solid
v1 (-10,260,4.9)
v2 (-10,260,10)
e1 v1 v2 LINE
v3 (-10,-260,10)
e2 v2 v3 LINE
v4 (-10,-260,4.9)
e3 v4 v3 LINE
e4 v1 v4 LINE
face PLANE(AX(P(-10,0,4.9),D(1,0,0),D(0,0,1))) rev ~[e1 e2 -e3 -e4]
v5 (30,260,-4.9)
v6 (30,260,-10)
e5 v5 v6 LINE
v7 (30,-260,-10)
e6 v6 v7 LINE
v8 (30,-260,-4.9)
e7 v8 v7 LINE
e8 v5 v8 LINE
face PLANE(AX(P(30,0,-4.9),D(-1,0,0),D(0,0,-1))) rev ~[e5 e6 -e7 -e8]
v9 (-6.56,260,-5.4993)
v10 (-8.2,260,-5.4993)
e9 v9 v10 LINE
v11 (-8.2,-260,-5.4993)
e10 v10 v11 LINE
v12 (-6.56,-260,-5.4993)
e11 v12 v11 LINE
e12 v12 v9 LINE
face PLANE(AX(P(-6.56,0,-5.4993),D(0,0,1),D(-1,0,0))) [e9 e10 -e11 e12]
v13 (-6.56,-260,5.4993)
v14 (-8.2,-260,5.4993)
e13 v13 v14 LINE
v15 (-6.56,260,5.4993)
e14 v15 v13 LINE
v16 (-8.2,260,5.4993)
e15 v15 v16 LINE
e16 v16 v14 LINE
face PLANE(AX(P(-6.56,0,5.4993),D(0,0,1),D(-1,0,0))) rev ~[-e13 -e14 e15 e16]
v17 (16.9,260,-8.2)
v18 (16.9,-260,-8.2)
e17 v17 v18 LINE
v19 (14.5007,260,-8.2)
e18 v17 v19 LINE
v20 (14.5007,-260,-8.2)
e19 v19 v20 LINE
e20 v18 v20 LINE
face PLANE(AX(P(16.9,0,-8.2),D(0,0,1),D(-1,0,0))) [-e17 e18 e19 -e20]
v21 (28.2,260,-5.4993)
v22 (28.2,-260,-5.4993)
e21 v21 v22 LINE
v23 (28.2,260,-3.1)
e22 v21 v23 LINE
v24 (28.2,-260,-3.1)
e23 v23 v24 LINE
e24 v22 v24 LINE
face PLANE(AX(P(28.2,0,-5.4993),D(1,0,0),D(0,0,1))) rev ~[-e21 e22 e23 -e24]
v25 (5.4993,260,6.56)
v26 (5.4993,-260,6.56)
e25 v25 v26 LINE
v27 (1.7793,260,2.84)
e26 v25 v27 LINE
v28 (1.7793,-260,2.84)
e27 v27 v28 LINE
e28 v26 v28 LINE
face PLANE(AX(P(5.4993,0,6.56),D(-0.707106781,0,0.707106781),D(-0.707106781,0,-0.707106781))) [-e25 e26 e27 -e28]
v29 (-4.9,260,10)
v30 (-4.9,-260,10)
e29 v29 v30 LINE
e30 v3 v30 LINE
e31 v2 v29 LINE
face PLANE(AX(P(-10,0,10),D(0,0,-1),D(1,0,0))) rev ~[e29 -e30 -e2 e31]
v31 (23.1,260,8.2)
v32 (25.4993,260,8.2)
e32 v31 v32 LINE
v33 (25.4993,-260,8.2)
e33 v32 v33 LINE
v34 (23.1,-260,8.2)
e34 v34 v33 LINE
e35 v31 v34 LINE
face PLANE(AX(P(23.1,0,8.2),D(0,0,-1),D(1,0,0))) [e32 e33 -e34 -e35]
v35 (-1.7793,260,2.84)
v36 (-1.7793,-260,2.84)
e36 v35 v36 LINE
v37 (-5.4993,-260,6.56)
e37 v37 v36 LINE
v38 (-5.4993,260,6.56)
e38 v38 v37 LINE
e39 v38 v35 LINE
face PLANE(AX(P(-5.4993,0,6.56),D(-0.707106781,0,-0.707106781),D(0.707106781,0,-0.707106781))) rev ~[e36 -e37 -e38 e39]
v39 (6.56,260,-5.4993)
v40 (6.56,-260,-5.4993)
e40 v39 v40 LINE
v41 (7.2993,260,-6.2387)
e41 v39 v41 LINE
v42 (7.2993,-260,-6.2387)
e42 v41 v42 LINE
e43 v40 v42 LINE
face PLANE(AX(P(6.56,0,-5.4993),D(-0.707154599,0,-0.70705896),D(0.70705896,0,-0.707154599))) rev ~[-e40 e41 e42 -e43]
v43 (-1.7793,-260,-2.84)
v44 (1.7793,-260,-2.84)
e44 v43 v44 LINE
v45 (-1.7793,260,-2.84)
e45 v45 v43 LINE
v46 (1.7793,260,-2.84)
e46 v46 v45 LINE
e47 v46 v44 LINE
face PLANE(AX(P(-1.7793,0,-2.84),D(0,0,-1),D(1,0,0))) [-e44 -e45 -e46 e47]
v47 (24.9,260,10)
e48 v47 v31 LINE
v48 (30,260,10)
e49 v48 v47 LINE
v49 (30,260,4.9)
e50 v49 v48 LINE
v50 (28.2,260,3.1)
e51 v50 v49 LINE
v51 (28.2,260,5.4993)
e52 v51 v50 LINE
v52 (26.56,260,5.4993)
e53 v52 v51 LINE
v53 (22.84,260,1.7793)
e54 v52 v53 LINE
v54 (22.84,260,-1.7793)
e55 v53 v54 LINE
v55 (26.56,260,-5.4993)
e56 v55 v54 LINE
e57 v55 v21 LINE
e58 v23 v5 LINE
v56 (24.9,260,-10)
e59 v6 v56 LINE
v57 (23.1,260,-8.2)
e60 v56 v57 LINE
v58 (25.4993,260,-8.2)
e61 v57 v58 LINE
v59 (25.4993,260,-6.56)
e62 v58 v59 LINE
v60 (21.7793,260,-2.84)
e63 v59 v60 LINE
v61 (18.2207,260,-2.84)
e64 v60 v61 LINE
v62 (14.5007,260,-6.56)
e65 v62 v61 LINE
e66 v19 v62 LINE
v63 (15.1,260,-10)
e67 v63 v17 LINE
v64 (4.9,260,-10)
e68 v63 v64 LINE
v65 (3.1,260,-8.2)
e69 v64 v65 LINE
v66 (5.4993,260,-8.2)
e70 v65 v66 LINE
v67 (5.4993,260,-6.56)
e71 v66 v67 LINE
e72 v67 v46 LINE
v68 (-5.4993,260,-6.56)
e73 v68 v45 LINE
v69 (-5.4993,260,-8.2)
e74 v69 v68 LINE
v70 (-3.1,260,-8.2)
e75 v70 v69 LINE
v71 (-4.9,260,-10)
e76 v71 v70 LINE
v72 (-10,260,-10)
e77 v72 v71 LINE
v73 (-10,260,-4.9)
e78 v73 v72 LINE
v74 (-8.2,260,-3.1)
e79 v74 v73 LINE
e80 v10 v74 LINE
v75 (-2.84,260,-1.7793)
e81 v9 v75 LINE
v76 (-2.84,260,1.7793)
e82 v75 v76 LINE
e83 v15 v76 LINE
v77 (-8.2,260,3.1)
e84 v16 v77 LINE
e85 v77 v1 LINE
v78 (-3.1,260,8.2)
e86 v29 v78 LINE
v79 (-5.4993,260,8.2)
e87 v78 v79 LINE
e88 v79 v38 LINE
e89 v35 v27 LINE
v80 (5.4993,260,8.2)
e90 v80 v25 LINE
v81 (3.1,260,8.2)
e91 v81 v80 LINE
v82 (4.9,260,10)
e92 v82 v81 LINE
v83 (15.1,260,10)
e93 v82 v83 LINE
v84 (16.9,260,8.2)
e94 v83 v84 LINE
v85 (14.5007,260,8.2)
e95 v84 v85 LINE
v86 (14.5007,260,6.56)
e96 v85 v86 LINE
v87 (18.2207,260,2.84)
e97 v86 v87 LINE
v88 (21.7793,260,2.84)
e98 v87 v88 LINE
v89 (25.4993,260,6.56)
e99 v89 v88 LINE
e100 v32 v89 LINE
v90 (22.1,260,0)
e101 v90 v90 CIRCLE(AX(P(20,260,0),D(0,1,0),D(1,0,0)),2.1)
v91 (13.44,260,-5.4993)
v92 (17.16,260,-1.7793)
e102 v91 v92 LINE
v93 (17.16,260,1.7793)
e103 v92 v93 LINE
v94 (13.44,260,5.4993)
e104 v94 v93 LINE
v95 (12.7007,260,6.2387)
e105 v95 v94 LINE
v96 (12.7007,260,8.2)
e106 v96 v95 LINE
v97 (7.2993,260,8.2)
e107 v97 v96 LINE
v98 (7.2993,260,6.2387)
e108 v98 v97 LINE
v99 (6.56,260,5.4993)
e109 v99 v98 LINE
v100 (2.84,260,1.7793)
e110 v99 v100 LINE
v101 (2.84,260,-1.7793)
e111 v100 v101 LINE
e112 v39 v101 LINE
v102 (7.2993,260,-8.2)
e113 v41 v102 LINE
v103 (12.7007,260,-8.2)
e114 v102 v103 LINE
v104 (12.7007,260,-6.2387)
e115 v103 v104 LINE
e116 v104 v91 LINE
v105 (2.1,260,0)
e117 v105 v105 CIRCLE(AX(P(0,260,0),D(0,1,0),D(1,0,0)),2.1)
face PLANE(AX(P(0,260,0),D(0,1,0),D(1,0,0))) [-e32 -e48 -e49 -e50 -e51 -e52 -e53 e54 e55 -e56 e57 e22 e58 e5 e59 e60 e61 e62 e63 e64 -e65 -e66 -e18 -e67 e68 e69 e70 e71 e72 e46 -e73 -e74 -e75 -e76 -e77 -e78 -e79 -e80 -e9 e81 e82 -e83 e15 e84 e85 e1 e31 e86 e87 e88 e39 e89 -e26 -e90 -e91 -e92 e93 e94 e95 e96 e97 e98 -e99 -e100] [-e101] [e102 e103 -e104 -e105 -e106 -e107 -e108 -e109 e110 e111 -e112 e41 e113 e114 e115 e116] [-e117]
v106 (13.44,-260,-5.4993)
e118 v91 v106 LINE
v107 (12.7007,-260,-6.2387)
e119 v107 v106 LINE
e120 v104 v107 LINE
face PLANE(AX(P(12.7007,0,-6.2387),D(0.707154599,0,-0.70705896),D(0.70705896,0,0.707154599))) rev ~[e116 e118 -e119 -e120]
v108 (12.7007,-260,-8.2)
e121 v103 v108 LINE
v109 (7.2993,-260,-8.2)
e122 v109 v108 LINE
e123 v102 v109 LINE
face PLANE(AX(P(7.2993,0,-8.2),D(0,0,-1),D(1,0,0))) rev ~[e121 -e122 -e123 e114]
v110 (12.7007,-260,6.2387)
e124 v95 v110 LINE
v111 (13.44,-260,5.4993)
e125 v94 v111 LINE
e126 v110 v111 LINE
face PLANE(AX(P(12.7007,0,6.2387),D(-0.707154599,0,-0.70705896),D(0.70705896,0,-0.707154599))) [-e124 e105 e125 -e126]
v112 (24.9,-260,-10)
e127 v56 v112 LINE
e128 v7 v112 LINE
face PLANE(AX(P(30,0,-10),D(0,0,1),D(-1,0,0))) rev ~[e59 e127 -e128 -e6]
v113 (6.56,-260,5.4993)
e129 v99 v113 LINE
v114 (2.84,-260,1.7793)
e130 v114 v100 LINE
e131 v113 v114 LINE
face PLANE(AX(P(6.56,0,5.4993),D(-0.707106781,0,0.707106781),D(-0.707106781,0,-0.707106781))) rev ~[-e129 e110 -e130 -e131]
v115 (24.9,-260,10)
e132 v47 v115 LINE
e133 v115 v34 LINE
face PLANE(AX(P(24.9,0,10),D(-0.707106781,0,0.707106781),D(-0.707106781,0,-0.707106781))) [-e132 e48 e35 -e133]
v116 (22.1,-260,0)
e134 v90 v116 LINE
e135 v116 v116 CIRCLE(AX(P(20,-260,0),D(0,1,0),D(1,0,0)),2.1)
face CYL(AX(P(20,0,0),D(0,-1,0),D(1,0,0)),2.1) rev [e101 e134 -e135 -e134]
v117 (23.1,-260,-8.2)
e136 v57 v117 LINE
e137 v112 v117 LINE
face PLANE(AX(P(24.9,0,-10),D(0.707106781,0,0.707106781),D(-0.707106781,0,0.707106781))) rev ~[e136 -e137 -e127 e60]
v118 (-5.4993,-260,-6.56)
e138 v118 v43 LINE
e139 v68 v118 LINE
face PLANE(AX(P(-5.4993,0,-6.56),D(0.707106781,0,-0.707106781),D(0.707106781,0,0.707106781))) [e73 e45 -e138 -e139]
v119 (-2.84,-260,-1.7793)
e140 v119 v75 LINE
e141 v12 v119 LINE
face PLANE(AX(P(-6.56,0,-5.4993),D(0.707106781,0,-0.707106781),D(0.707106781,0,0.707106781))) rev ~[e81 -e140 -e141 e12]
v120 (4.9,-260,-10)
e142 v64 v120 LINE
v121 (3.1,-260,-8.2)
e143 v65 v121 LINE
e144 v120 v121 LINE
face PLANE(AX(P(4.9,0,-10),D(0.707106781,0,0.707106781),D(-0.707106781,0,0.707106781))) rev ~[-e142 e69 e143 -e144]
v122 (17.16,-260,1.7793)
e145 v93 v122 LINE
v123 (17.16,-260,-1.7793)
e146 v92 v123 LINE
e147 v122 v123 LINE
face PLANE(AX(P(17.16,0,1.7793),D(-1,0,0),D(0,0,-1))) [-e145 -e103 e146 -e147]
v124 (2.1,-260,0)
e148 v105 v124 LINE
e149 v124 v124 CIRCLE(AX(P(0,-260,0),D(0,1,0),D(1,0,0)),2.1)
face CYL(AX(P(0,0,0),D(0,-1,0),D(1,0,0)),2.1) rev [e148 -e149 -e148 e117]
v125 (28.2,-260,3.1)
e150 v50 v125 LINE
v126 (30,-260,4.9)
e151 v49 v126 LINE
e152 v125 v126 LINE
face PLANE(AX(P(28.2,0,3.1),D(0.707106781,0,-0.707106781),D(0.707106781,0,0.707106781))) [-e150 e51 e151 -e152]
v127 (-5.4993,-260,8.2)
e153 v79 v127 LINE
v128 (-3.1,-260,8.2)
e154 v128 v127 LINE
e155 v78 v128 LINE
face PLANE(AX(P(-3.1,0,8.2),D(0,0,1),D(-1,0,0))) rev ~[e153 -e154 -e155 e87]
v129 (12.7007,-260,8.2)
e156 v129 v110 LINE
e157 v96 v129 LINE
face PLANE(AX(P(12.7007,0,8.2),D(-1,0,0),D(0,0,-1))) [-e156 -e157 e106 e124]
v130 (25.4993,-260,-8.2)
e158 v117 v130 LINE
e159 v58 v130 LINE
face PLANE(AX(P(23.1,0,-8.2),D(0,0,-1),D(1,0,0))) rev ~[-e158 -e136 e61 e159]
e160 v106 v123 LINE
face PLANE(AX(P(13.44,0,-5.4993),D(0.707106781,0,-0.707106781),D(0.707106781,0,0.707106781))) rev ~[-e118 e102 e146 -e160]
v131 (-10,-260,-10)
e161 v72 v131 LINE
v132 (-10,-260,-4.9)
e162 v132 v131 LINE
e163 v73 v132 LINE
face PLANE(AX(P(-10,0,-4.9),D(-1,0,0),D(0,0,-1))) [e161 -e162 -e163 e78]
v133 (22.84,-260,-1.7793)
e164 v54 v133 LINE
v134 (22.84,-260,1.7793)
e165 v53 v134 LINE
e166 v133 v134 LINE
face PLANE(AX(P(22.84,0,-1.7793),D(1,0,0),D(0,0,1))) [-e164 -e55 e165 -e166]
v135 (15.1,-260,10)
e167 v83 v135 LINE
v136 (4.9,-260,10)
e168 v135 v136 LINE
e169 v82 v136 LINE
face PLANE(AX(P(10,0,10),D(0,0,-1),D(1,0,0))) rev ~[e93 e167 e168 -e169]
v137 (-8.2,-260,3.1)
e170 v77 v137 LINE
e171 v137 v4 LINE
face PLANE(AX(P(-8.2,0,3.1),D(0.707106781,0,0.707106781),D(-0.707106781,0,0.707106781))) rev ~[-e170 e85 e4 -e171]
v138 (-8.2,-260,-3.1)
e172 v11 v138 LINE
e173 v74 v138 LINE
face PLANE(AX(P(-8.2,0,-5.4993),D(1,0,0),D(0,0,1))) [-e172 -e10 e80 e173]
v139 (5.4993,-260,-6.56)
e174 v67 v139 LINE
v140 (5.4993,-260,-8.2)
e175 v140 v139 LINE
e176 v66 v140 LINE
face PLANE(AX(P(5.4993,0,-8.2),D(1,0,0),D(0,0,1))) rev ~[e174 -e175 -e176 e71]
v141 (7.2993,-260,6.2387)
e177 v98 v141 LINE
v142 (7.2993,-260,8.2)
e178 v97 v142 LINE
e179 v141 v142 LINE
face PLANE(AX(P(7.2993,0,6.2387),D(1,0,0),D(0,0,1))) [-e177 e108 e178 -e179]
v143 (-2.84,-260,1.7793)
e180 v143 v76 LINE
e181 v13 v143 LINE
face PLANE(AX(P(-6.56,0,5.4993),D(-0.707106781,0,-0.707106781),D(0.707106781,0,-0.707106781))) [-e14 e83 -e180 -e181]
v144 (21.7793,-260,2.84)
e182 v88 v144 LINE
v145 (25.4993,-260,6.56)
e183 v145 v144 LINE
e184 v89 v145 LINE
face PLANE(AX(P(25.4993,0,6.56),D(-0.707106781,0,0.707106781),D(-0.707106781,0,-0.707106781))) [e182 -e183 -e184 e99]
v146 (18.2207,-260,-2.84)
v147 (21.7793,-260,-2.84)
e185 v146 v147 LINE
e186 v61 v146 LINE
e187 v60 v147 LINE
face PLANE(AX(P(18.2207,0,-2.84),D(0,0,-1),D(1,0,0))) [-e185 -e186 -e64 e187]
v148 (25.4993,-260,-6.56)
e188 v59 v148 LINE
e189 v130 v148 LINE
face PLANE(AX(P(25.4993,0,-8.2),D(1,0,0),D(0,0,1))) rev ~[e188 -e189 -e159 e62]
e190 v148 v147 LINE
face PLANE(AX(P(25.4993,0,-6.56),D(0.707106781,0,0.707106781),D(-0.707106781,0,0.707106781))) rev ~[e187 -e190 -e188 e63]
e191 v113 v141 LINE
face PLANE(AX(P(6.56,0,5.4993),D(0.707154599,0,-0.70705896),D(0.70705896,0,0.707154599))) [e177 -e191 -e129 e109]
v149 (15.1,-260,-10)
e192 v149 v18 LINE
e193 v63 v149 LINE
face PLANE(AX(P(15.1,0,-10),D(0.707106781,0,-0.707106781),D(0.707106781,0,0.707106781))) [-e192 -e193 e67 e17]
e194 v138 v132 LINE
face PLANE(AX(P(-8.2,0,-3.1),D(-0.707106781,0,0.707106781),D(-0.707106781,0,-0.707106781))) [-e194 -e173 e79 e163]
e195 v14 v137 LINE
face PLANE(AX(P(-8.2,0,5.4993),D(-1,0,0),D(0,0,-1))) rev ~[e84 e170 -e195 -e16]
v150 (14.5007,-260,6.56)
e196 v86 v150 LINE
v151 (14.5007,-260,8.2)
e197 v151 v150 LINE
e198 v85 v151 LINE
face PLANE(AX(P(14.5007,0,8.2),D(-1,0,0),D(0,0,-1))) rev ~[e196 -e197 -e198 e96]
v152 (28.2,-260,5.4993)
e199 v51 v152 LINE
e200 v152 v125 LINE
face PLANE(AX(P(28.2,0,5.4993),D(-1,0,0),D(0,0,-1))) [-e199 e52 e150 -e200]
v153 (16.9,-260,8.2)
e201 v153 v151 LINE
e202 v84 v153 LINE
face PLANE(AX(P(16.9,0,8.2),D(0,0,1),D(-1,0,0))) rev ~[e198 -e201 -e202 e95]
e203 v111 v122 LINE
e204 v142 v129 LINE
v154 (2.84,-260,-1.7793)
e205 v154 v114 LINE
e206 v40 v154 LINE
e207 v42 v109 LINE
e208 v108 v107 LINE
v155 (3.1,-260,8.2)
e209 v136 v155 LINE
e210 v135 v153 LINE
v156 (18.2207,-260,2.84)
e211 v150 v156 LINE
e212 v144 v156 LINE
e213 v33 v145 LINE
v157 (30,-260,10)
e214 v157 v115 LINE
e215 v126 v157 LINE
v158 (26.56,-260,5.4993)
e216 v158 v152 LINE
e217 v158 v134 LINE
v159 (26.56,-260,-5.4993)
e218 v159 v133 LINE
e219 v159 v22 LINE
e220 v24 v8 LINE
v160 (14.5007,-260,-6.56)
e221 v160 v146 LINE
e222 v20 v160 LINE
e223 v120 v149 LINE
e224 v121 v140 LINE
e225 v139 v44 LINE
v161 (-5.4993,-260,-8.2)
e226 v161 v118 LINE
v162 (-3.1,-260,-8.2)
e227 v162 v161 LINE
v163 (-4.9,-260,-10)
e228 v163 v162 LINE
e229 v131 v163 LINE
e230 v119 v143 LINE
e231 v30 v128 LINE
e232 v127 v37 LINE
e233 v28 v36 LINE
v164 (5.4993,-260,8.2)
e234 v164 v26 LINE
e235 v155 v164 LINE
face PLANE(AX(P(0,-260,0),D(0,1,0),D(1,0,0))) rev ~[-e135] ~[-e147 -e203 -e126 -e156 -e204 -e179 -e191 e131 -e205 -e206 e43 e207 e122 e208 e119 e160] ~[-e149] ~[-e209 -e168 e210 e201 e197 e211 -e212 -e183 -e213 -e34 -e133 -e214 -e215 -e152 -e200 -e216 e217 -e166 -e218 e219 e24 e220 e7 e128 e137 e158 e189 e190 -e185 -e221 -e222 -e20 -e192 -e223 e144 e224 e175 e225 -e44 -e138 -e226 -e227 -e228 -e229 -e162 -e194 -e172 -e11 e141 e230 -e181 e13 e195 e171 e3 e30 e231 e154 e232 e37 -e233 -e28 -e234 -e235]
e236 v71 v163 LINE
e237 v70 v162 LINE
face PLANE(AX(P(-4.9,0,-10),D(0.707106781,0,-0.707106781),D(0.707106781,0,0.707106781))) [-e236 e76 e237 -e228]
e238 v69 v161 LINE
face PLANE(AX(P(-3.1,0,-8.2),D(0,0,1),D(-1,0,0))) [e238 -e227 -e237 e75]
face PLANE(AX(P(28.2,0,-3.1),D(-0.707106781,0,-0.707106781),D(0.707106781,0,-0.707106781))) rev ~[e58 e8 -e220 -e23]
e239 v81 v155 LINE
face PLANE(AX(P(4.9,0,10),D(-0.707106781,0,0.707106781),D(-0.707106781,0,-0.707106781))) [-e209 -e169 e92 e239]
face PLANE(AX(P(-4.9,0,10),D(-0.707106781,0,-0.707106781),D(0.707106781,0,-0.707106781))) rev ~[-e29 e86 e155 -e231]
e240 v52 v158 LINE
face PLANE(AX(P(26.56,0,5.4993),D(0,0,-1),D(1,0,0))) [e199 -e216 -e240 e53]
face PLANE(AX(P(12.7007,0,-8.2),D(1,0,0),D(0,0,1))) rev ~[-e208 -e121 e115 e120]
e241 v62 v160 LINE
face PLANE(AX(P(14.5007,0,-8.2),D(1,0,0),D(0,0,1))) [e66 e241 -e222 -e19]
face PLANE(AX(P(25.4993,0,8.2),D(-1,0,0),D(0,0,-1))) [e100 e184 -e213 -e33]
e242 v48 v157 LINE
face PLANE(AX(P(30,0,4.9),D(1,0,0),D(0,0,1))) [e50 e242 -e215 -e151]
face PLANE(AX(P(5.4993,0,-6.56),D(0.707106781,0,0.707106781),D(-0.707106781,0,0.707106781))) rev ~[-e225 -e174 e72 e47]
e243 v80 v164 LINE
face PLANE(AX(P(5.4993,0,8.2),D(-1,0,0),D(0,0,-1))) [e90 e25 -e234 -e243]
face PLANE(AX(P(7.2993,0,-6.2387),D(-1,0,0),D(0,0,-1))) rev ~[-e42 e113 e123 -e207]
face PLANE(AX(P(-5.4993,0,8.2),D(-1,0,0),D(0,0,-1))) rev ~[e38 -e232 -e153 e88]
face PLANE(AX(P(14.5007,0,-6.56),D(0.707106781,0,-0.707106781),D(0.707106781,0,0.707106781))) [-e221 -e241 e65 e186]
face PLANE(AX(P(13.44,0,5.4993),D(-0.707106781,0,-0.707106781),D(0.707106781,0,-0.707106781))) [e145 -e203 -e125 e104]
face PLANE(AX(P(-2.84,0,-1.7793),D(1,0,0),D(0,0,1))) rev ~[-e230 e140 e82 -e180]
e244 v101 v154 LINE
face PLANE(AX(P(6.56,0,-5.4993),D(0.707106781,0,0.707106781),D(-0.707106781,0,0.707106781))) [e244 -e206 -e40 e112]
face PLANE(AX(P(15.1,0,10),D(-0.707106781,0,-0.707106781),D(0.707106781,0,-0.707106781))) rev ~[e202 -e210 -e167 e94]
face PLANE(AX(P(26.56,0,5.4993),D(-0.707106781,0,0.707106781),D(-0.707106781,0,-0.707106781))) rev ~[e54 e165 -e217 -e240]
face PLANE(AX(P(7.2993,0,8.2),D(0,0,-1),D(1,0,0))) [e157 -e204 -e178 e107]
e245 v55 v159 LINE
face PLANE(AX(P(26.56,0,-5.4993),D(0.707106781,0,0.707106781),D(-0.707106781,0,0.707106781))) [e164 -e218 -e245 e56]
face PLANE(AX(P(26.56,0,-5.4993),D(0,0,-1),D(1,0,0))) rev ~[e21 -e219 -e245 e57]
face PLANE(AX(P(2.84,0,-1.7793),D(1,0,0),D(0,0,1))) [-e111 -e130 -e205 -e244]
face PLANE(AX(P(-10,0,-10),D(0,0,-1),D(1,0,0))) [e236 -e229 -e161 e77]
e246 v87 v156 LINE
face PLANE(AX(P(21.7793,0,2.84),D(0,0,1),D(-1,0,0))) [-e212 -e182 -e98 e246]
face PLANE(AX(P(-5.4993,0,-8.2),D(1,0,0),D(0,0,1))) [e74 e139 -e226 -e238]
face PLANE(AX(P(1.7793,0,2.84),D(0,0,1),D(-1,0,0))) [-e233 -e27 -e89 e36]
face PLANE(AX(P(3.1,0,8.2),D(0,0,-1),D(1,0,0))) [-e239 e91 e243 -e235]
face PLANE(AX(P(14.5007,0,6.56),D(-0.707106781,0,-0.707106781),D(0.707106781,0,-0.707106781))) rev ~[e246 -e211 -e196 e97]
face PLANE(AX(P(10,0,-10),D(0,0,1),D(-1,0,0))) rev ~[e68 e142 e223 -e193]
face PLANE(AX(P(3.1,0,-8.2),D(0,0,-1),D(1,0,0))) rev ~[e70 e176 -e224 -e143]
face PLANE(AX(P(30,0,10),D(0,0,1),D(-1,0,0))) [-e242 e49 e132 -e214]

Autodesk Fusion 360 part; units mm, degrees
sketch "Sketch1" plane through (0, 0, 0) normal (0, 1, 0) x (1, 0, 0)
  circle A0 centre (0, 0) radius 2.1
  line L0 (-6.56, 5.4993) -> (-8.2, 5.4993)
  line L1 (-8.2, 5.4993) -> (-8.2, 3.1)
  line L2 (-8.2, 3.1) -> (-10, 4.9)
  line L3 (-10, 4.9) -> (-10, 10)
  line L4 (-10, 10) -> (-4.9, 10)
  line L5 (-4.9, 10) -> (-3.1, 8.2)
  line L6 (-3.1, 8.2) -> (-5.4993, 8.2)
  line L7 (-5.4993, 8.2) -> (-5.4993, 6.56)
  line L8 (-5.4993, 6.56) -> (-1.7793, 2.84)
  line L9 (-6.56, 5.4993) -> (-2.84, 1.7793)
  line L10 (0, 0) -> (-10, 10) construction
  line L11 (0, 0) -> (0, 5) construction
  line L12 (0, 0) -> (-5, 0) construction
  line L13 (-2.84, 1.7793) -> (-2.84, 0)
  line L14 (-1.7793, 2.84) -> (0, 2.84)
  line L15 (-8.2, -3.1) -> (-10, -4.9)
  line L16 (-6.56, -5.4993) -> (-8.2, -5.4993)
  line L17 (-10, -4.9) -> (-10, -10)
  line L18 (-4.9, -10) -> (-3.1, -8.2)
  line L19 (-5.4993, -6.56) -> (-1.7793, -2.84)
  line L20 (-6.56, -5.4993) -> (-2.84, -1.7793)
  line L21 (-1.7793, -2.84) -> (0, -2.84)
  line L22 (-3.1, -8.2) -> (-5.4993, -8.2)
  line L23 (-8.2, -5.4993) -> (-8.2, -3.1)
  line L24 (-10, -10) -> (-4.9, -10)
  line L25 (-5.4993, -8.2) -> (-5.4993, -6.56)
  line L26 (-2.84, -1.7793) -> (-2.84, 0)
  line L27 (4.9, 10) -> (3.1, 8.2)
  line L28 (2.84, -1.7793) -> (2.84, 0)
  line L29 (6.56, -5.4993) -> (2.84, -1.7793)
  line L30 (1.7793, 2.84) -> (0, 2.84)
  line L31 (5.4993, -8.2) -> (5.4993, -6.56)
  line L32 (5.4993, -6.56) -> (1.7793, -2.84)
  line L33 (10, 10) -> (4.9, 10)
  line L34 (2.84, 1.7793) -> (2.84, 0)
  line L35 (3.1, 8.2) -> (5.4993, 8.2)
  line L36 (10, -10) -> (4.9, -10)
  line L37 (1.7793, -2.84) -> (0, -2.84)
  line L38 (5.4993, 6.56) -> (1.7793, 2.84)
  line L39 (4.9, -10) -> (3.1, -8.2)
  line L40 (6.56, 5.4993) -> (2.84, 1.7793)
  line L41 (5.4993, 8.2) -> (5.4993, 6.56)
  line L42 (3.1, -8.2) -> (5.4993, -8.2)
  line L43 (10, -4.9) -> (10, 4.9) construction
  line L44 (20, 0) -> (30, 10) construction
  line L45 (26.56, -5.4993) -> (28.2, -5.4993)
  line L46 (23.1, 8.2) -> (25.4993, 8.2)
  line L47 (30, 4.9) -> (30, 10)
  line L48 (26.56, 5.4993) -> (22.84, 1.7793)
  line L49 (22.84, -1.7793) -> (22.84, 0)
  line L50 (30, -4.9) -> (30, -10)
  line L51 (25.4993, -8.2) -> (25.4993, -6.56)
  line L52 (23.1, -8.2) -> (25.4993, -8.2)
  line L53 (28.2, 5.4993) -> (28.2, 3.1)
  line L54 (28.2, 3.1) -> (30, 4.9)
  line L55 (20, 0) -> (20, 5) construction
  line L56 (20, 0) -> (25, 0) construction
  line L57 (30, -10) -> (24.9, -10)
  line L58 (26.56, -5.4993) -> (22.84, -1.7793)
  line L59 (24.9, -10) -> (23.1, -8.2)
  line L60 (25.4993, 8.2) -> (25.4993, 6.56)
  line L61 (28.2, -3.1) -> (30, -4.9)
  line L62 (22.84, 1.7793) -> (22.84, 0)
  line L63 (28.2, -5.4993) -> (28.2, -3.1)
  line L64 (10, -10) -> (15.1, -10)
  line L65 (16.9, 8.2) -> (14.5007, 8.2)
  line L66 (18.2207, 2.84) -> (20, 2.84)
  line L67 (14.5007, -6.56) -> (18.2207, -2.84)
  line L68 (15.1, 10) -> (16.9, 8.2)
  line L69 (13.44, 5.4993) -> (17.16, 1.7793)
  line L70 (18.2207, -2.84) -> (20, -2.84)
  line L71 (17.16, 1.7793) -> (17.16, 0)
  line L72 (15.1, -10) -> (16.9, -8.2)
  line L73 (14.5007, 6.56) -> (18.2207, 2.84)
  line L74 (17.16, -1.7793) -> (17.16, 0)
  line L75 (21.7793, 2.84) -> (20, 2.84)
  line L76 (30, 10) -> (24.9, 10)
  line L77 (26.56, 5.4993) -> (28.2, 5.4993)
  line L78 (24.9, 10) -> (23.1, 8.2)
  line L79 (25.4993, -6.56) -> (21.7793, -2.84)
  line L80 (14.5007, 8.2) -> (14.5007, 6.56)
  line L81 (10, 10) -> (15.1, 10)
  circle A1 centre (20, 0) radius 2.1
  line L82 (14.5007, -8.2) -> (14.5007, -6.56)
  line L83 (21.7793, -2.84) -> (20, -2.84)
  line L84 (16.9, -8.2) -> (14.5007, -8.2)
  line L85 (25.4993, 6.56) -> (21.7793, 2.84)
  line L86 (13.44, -5.4993) -> (17.16, -1.7793)
  line L87 (6.56, 5.4993) -> (7.2993, 6.2387)
  line L88 (7.2993, 6.2387) -> (7.2993, 8.2)
  line L89 (7.2993, 8.2) -> (12.7007, 8.2)
  line L90 (12.7007, 8.2) -> (12.7007, 6.2387)
  line L91 (12.7007, 6.2387) -> (13.44, 5.4993)
  line L92 (6.56, -5.4993) -> (7.2993, -6.2387)
  line L93 (7.2993, -6.2387) -> (7.2993, -8.2)
  line L94 (7.2993, -8.2) -> (12.7007, -8.2)
  line L95 (12.7007, -8.2) -> (12.7007, -6.2387)
  line L96 (12.7007, -6.2387) -> (13.44, -5.4993)
  point P0 (5, 0)
  point P1 (15, 0)
  point P2 (20, 0)
  point P3 (20, 0)
  dimension "d1" = 4.2
  dimension "d2" = 10
  dimension "d3" = 10
  dimension "d4" = 3.1
  dimension "d5" = 1.8
  dimension "d6" = 0
  dimension "d7" = 1.5
  dimension "d8" = 1.64
  dimension "d9" = 135
  dimension "d10" = 0
  dimension "d11" = 2.84
  dimension "d12" = 0
  dimension "d13" = 0
  dimension "d14" = 20
  dimension "d15" = 0
  dimension "d16" = 0
extrude "Extrude1" add sketch "Sketch1" along normal mid plane 520
equation "d4 = ( 6.2 / 2 ) * 1 mm"
equation "d6 = d10"
equation "d10 = d9"
equation "d11 = ( 5.68 / 2 ) * 1 mm"
equation "d12 = d19"
equation "d13 = d13"
equation "d15 = d10"
equation "d16 = d29"
